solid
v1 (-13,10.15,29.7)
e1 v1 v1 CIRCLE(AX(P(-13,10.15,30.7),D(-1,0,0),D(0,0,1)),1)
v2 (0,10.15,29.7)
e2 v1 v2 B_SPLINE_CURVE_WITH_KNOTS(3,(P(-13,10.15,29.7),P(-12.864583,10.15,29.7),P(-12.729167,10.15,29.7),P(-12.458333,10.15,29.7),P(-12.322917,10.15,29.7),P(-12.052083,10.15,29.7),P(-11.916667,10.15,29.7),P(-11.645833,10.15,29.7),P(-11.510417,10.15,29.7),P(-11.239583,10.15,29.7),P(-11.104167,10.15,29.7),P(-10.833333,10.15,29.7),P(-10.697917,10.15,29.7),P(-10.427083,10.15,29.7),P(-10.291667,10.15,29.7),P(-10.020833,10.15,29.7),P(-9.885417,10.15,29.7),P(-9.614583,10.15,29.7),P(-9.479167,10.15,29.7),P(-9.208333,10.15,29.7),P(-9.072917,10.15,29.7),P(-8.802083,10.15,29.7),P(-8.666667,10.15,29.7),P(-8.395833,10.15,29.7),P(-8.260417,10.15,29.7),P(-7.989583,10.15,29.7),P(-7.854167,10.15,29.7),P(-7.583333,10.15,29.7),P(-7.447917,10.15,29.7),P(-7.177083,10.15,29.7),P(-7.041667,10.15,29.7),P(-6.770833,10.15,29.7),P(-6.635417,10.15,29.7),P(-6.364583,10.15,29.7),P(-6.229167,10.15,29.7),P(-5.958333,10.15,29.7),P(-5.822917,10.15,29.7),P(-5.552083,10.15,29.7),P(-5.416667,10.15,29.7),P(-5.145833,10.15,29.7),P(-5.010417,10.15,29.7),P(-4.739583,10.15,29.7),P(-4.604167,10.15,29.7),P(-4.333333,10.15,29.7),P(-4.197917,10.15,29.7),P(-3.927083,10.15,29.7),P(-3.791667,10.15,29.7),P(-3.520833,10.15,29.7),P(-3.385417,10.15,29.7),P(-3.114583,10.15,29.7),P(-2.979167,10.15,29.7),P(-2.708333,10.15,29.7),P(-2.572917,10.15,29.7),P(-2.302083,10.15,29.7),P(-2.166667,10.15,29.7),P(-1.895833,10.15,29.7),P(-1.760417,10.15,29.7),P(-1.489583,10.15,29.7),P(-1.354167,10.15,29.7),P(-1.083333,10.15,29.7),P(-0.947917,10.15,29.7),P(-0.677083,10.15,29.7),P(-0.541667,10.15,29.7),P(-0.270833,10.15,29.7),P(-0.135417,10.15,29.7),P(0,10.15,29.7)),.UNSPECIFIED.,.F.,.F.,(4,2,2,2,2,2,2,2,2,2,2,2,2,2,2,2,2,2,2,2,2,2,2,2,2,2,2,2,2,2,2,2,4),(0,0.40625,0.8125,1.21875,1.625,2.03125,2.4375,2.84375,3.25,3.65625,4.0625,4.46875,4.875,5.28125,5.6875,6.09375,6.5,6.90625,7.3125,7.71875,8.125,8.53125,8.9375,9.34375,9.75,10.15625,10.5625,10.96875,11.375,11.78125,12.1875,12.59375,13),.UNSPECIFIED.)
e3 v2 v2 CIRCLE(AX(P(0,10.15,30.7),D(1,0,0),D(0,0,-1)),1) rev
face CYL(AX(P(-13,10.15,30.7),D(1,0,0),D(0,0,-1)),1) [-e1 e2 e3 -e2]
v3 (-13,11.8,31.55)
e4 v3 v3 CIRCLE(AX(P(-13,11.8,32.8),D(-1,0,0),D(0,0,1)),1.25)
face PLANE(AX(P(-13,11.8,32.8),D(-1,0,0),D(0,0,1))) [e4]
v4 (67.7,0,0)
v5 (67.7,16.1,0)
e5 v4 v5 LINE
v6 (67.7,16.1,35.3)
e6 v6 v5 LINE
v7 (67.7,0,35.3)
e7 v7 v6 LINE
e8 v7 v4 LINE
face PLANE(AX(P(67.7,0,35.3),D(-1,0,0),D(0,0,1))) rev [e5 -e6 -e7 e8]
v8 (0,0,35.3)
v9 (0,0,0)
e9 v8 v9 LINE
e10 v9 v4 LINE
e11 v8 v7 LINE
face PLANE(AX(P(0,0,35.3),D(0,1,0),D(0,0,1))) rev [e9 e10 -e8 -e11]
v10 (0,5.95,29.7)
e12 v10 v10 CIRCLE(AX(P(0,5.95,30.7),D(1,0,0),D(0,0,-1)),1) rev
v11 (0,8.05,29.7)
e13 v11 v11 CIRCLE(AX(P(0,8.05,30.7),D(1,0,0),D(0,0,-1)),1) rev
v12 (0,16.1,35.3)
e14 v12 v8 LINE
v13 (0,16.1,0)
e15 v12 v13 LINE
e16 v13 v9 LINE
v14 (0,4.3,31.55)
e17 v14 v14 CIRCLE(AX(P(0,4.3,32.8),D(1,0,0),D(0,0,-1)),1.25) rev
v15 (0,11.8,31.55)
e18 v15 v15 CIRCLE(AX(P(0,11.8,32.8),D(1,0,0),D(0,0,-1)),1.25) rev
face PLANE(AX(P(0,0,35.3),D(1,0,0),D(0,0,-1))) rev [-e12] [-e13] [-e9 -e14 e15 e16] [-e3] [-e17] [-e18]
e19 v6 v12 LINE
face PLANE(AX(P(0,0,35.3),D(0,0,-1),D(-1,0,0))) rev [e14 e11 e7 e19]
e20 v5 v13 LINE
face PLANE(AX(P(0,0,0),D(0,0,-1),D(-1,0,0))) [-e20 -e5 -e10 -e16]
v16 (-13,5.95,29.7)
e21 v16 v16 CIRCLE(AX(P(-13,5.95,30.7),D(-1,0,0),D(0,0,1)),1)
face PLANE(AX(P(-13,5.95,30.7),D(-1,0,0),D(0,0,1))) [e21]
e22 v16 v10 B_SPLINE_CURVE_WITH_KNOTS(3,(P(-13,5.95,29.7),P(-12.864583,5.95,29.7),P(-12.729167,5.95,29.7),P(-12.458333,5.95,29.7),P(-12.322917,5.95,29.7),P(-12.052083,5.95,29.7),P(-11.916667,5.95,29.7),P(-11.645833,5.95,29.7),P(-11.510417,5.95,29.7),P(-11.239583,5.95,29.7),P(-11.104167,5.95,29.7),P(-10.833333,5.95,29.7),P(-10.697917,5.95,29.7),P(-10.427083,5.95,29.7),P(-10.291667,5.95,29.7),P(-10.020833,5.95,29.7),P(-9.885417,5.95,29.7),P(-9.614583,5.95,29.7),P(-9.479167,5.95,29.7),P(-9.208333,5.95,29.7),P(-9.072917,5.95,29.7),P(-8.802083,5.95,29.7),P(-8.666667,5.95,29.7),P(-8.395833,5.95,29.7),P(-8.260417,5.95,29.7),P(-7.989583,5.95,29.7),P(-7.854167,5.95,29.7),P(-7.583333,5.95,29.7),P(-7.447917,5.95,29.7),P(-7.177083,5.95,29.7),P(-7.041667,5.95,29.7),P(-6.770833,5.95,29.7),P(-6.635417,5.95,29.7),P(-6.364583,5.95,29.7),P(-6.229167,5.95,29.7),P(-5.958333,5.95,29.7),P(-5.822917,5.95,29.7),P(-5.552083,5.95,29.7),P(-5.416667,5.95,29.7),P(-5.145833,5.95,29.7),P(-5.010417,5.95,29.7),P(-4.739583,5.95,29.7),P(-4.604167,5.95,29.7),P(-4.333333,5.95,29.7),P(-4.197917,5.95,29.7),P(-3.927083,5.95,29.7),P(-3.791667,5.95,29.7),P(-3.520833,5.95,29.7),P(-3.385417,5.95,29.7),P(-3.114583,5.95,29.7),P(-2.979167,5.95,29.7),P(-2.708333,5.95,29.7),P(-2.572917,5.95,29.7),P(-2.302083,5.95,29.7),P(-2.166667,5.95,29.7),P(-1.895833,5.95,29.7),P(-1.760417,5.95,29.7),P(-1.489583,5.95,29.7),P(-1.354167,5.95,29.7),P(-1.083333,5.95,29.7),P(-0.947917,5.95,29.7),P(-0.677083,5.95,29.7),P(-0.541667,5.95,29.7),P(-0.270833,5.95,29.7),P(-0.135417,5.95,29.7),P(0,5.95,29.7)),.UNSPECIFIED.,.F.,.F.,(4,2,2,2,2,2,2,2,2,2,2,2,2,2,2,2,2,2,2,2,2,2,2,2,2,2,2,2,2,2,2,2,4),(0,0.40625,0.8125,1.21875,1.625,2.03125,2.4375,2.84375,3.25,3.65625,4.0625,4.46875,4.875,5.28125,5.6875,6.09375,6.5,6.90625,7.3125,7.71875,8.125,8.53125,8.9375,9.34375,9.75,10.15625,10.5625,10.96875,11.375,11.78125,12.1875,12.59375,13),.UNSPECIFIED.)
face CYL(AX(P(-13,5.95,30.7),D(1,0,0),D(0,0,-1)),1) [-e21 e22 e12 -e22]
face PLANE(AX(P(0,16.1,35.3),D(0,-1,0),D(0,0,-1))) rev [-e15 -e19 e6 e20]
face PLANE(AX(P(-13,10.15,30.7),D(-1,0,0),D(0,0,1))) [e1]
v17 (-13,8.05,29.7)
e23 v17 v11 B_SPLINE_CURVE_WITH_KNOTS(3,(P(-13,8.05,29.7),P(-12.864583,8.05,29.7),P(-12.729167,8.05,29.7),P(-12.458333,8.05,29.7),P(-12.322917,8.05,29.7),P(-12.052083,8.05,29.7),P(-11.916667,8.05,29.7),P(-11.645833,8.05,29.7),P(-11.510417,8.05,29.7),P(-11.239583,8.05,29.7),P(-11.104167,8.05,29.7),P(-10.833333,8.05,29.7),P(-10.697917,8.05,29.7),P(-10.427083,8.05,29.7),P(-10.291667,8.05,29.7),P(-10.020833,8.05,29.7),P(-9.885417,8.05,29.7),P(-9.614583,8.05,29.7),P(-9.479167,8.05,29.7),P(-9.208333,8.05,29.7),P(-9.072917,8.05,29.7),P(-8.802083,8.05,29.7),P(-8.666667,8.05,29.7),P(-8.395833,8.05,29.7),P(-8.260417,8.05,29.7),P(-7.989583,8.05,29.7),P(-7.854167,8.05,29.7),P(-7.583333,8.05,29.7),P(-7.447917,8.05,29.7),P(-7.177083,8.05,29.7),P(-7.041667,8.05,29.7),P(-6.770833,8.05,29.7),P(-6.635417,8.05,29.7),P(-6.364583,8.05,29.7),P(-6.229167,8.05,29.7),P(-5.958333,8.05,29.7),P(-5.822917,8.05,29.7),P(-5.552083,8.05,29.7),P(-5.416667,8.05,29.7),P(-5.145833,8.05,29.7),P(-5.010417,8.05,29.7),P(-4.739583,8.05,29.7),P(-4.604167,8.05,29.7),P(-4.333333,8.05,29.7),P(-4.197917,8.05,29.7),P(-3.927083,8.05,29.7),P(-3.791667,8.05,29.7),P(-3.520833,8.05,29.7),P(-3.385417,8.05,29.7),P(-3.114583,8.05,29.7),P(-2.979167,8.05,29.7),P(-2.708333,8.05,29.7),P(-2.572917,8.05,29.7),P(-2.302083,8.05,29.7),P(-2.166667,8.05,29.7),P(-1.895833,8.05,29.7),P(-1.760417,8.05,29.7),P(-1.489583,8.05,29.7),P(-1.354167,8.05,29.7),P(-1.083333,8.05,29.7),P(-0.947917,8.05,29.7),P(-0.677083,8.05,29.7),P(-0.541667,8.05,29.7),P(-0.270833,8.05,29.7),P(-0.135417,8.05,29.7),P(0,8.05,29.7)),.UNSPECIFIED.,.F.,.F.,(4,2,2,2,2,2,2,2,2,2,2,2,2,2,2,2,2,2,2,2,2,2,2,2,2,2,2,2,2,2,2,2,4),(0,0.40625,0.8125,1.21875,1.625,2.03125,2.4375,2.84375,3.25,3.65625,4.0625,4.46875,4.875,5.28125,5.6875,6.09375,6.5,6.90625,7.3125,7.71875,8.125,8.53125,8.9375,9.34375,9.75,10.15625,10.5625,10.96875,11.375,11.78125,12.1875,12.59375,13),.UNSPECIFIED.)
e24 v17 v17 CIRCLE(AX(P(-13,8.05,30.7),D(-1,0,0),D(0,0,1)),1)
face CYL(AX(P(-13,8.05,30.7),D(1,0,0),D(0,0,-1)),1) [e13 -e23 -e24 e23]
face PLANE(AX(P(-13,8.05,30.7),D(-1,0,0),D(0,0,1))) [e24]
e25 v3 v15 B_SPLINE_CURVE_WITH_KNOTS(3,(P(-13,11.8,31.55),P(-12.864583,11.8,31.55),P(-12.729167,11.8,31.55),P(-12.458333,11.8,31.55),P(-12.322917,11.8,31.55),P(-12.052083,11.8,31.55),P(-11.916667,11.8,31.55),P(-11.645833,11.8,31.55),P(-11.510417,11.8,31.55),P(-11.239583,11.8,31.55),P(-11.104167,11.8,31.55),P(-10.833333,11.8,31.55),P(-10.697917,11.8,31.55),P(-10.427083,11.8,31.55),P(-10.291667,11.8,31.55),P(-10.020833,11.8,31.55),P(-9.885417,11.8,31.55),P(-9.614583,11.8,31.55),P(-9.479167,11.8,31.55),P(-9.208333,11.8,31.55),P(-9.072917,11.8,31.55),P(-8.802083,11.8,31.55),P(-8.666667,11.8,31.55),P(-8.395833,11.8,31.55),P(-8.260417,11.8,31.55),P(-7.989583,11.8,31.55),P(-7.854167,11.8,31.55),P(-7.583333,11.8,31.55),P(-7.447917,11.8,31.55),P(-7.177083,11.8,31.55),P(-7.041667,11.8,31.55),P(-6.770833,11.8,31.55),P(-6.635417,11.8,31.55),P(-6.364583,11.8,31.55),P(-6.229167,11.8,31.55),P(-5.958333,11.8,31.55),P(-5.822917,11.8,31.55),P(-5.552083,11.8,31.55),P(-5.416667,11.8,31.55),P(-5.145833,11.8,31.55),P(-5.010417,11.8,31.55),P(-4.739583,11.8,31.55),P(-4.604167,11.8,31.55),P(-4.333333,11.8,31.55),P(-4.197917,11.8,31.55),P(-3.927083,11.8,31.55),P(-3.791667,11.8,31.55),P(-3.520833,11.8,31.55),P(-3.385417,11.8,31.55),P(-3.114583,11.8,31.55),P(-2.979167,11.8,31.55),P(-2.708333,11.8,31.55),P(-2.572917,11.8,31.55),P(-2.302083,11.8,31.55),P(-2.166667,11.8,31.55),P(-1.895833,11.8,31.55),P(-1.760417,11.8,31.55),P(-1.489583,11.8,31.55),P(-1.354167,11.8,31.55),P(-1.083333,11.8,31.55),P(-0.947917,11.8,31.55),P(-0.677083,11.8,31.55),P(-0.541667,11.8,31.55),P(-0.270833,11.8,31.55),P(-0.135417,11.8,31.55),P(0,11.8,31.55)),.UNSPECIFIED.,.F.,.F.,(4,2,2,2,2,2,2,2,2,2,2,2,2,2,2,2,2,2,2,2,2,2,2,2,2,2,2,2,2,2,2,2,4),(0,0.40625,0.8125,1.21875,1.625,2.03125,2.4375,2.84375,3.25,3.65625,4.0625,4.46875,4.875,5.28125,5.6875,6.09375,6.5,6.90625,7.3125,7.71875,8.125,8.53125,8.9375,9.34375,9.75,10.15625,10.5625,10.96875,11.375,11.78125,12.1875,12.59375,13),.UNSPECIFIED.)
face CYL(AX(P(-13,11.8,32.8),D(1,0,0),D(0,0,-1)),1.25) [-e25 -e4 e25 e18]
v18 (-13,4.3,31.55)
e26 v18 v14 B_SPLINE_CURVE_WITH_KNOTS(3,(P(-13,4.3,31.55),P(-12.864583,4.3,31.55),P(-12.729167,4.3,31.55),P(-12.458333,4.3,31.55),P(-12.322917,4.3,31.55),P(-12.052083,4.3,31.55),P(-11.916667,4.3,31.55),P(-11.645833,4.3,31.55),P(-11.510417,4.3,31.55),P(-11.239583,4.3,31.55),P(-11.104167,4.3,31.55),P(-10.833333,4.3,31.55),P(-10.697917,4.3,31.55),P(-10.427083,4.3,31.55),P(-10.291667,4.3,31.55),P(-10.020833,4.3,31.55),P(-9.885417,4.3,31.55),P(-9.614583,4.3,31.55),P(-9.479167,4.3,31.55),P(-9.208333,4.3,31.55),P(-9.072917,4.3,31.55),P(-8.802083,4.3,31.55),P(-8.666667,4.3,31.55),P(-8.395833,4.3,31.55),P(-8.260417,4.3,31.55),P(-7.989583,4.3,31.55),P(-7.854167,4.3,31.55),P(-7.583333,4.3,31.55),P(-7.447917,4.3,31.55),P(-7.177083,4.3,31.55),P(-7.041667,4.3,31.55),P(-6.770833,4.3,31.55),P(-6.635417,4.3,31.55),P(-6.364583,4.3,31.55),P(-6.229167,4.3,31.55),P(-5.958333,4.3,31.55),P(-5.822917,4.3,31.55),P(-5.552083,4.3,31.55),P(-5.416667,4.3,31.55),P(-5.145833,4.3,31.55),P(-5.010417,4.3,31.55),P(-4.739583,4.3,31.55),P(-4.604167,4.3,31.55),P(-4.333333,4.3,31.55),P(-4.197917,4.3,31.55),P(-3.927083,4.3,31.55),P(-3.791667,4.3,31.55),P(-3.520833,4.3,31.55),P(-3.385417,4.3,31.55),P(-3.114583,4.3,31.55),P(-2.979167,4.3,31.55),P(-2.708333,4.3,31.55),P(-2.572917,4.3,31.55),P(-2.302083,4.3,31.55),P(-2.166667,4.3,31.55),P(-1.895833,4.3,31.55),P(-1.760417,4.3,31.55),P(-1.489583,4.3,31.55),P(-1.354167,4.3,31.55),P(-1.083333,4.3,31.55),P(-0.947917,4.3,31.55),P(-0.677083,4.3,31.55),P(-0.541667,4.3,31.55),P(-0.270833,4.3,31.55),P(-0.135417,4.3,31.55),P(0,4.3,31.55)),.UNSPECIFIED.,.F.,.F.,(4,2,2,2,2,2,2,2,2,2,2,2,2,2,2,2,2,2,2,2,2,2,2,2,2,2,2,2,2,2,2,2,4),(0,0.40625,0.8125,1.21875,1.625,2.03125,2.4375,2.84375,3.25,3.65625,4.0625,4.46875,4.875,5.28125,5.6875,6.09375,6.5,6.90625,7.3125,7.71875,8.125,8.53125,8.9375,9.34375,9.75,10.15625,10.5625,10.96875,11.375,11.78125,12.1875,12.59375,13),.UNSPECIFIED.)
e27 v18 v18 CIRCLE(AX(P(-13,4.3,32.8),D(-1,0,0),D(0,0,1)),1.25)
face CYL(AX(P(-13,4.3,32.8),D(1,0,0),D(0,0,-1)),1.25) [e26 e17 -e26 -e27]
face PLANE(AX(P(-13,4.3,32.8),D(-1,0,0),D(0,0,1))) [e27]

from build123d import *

# Parameters (mm, degrees)
SKETCH1_W           = 67.7
SKETCH1_H           = 16.1
BOSS_EXTRUDE1_DEPTH = 35.3
SKETCH3_R           = 1
SKETCH3_R_2         = 1.25
BOSS_EXTRUDE2_DEPTH = 13


with BuildPart() as part:
    # Sketch1 → Boss-Extrude1 (new body)
    with BuildSketch(Plane.XY):
        with Locations((33.85, 8.05)):
            Rectangle(SKETCH1_W, SKETCH1_H)
    extrude(amount=BOSS_EXTRUDE1_DEPTH)

    # Sketch3 → Boss-Extrude2 (add)
    with BuildSketch(Plane.ZY):
        with Locations(Location((30.7, 10.15, 0), (0, 0, 180))):
            Circle(SKETCH3_R)
        with Locations(Location((30.7, 8.05, 0), (0, 0, 180))):
            Circle(SKETCH3_R)
        with Locations(Location((30.7, 5.95, 0), (0, 0, 180))):
            Circle(SKETCH3_R)
        with Locations(Location((32.8, 4.3, 0), (0, 0, 180))):
            Circle(SKETCH3_R_2)
        with Locations(Location((32.8, 11.8, 0), (0, 0, 180))):
            Circle(SKETCH3_R_2)
    extrude(amount=BOSS_EXTRUDE2_DEPTH)


solid = part.part
